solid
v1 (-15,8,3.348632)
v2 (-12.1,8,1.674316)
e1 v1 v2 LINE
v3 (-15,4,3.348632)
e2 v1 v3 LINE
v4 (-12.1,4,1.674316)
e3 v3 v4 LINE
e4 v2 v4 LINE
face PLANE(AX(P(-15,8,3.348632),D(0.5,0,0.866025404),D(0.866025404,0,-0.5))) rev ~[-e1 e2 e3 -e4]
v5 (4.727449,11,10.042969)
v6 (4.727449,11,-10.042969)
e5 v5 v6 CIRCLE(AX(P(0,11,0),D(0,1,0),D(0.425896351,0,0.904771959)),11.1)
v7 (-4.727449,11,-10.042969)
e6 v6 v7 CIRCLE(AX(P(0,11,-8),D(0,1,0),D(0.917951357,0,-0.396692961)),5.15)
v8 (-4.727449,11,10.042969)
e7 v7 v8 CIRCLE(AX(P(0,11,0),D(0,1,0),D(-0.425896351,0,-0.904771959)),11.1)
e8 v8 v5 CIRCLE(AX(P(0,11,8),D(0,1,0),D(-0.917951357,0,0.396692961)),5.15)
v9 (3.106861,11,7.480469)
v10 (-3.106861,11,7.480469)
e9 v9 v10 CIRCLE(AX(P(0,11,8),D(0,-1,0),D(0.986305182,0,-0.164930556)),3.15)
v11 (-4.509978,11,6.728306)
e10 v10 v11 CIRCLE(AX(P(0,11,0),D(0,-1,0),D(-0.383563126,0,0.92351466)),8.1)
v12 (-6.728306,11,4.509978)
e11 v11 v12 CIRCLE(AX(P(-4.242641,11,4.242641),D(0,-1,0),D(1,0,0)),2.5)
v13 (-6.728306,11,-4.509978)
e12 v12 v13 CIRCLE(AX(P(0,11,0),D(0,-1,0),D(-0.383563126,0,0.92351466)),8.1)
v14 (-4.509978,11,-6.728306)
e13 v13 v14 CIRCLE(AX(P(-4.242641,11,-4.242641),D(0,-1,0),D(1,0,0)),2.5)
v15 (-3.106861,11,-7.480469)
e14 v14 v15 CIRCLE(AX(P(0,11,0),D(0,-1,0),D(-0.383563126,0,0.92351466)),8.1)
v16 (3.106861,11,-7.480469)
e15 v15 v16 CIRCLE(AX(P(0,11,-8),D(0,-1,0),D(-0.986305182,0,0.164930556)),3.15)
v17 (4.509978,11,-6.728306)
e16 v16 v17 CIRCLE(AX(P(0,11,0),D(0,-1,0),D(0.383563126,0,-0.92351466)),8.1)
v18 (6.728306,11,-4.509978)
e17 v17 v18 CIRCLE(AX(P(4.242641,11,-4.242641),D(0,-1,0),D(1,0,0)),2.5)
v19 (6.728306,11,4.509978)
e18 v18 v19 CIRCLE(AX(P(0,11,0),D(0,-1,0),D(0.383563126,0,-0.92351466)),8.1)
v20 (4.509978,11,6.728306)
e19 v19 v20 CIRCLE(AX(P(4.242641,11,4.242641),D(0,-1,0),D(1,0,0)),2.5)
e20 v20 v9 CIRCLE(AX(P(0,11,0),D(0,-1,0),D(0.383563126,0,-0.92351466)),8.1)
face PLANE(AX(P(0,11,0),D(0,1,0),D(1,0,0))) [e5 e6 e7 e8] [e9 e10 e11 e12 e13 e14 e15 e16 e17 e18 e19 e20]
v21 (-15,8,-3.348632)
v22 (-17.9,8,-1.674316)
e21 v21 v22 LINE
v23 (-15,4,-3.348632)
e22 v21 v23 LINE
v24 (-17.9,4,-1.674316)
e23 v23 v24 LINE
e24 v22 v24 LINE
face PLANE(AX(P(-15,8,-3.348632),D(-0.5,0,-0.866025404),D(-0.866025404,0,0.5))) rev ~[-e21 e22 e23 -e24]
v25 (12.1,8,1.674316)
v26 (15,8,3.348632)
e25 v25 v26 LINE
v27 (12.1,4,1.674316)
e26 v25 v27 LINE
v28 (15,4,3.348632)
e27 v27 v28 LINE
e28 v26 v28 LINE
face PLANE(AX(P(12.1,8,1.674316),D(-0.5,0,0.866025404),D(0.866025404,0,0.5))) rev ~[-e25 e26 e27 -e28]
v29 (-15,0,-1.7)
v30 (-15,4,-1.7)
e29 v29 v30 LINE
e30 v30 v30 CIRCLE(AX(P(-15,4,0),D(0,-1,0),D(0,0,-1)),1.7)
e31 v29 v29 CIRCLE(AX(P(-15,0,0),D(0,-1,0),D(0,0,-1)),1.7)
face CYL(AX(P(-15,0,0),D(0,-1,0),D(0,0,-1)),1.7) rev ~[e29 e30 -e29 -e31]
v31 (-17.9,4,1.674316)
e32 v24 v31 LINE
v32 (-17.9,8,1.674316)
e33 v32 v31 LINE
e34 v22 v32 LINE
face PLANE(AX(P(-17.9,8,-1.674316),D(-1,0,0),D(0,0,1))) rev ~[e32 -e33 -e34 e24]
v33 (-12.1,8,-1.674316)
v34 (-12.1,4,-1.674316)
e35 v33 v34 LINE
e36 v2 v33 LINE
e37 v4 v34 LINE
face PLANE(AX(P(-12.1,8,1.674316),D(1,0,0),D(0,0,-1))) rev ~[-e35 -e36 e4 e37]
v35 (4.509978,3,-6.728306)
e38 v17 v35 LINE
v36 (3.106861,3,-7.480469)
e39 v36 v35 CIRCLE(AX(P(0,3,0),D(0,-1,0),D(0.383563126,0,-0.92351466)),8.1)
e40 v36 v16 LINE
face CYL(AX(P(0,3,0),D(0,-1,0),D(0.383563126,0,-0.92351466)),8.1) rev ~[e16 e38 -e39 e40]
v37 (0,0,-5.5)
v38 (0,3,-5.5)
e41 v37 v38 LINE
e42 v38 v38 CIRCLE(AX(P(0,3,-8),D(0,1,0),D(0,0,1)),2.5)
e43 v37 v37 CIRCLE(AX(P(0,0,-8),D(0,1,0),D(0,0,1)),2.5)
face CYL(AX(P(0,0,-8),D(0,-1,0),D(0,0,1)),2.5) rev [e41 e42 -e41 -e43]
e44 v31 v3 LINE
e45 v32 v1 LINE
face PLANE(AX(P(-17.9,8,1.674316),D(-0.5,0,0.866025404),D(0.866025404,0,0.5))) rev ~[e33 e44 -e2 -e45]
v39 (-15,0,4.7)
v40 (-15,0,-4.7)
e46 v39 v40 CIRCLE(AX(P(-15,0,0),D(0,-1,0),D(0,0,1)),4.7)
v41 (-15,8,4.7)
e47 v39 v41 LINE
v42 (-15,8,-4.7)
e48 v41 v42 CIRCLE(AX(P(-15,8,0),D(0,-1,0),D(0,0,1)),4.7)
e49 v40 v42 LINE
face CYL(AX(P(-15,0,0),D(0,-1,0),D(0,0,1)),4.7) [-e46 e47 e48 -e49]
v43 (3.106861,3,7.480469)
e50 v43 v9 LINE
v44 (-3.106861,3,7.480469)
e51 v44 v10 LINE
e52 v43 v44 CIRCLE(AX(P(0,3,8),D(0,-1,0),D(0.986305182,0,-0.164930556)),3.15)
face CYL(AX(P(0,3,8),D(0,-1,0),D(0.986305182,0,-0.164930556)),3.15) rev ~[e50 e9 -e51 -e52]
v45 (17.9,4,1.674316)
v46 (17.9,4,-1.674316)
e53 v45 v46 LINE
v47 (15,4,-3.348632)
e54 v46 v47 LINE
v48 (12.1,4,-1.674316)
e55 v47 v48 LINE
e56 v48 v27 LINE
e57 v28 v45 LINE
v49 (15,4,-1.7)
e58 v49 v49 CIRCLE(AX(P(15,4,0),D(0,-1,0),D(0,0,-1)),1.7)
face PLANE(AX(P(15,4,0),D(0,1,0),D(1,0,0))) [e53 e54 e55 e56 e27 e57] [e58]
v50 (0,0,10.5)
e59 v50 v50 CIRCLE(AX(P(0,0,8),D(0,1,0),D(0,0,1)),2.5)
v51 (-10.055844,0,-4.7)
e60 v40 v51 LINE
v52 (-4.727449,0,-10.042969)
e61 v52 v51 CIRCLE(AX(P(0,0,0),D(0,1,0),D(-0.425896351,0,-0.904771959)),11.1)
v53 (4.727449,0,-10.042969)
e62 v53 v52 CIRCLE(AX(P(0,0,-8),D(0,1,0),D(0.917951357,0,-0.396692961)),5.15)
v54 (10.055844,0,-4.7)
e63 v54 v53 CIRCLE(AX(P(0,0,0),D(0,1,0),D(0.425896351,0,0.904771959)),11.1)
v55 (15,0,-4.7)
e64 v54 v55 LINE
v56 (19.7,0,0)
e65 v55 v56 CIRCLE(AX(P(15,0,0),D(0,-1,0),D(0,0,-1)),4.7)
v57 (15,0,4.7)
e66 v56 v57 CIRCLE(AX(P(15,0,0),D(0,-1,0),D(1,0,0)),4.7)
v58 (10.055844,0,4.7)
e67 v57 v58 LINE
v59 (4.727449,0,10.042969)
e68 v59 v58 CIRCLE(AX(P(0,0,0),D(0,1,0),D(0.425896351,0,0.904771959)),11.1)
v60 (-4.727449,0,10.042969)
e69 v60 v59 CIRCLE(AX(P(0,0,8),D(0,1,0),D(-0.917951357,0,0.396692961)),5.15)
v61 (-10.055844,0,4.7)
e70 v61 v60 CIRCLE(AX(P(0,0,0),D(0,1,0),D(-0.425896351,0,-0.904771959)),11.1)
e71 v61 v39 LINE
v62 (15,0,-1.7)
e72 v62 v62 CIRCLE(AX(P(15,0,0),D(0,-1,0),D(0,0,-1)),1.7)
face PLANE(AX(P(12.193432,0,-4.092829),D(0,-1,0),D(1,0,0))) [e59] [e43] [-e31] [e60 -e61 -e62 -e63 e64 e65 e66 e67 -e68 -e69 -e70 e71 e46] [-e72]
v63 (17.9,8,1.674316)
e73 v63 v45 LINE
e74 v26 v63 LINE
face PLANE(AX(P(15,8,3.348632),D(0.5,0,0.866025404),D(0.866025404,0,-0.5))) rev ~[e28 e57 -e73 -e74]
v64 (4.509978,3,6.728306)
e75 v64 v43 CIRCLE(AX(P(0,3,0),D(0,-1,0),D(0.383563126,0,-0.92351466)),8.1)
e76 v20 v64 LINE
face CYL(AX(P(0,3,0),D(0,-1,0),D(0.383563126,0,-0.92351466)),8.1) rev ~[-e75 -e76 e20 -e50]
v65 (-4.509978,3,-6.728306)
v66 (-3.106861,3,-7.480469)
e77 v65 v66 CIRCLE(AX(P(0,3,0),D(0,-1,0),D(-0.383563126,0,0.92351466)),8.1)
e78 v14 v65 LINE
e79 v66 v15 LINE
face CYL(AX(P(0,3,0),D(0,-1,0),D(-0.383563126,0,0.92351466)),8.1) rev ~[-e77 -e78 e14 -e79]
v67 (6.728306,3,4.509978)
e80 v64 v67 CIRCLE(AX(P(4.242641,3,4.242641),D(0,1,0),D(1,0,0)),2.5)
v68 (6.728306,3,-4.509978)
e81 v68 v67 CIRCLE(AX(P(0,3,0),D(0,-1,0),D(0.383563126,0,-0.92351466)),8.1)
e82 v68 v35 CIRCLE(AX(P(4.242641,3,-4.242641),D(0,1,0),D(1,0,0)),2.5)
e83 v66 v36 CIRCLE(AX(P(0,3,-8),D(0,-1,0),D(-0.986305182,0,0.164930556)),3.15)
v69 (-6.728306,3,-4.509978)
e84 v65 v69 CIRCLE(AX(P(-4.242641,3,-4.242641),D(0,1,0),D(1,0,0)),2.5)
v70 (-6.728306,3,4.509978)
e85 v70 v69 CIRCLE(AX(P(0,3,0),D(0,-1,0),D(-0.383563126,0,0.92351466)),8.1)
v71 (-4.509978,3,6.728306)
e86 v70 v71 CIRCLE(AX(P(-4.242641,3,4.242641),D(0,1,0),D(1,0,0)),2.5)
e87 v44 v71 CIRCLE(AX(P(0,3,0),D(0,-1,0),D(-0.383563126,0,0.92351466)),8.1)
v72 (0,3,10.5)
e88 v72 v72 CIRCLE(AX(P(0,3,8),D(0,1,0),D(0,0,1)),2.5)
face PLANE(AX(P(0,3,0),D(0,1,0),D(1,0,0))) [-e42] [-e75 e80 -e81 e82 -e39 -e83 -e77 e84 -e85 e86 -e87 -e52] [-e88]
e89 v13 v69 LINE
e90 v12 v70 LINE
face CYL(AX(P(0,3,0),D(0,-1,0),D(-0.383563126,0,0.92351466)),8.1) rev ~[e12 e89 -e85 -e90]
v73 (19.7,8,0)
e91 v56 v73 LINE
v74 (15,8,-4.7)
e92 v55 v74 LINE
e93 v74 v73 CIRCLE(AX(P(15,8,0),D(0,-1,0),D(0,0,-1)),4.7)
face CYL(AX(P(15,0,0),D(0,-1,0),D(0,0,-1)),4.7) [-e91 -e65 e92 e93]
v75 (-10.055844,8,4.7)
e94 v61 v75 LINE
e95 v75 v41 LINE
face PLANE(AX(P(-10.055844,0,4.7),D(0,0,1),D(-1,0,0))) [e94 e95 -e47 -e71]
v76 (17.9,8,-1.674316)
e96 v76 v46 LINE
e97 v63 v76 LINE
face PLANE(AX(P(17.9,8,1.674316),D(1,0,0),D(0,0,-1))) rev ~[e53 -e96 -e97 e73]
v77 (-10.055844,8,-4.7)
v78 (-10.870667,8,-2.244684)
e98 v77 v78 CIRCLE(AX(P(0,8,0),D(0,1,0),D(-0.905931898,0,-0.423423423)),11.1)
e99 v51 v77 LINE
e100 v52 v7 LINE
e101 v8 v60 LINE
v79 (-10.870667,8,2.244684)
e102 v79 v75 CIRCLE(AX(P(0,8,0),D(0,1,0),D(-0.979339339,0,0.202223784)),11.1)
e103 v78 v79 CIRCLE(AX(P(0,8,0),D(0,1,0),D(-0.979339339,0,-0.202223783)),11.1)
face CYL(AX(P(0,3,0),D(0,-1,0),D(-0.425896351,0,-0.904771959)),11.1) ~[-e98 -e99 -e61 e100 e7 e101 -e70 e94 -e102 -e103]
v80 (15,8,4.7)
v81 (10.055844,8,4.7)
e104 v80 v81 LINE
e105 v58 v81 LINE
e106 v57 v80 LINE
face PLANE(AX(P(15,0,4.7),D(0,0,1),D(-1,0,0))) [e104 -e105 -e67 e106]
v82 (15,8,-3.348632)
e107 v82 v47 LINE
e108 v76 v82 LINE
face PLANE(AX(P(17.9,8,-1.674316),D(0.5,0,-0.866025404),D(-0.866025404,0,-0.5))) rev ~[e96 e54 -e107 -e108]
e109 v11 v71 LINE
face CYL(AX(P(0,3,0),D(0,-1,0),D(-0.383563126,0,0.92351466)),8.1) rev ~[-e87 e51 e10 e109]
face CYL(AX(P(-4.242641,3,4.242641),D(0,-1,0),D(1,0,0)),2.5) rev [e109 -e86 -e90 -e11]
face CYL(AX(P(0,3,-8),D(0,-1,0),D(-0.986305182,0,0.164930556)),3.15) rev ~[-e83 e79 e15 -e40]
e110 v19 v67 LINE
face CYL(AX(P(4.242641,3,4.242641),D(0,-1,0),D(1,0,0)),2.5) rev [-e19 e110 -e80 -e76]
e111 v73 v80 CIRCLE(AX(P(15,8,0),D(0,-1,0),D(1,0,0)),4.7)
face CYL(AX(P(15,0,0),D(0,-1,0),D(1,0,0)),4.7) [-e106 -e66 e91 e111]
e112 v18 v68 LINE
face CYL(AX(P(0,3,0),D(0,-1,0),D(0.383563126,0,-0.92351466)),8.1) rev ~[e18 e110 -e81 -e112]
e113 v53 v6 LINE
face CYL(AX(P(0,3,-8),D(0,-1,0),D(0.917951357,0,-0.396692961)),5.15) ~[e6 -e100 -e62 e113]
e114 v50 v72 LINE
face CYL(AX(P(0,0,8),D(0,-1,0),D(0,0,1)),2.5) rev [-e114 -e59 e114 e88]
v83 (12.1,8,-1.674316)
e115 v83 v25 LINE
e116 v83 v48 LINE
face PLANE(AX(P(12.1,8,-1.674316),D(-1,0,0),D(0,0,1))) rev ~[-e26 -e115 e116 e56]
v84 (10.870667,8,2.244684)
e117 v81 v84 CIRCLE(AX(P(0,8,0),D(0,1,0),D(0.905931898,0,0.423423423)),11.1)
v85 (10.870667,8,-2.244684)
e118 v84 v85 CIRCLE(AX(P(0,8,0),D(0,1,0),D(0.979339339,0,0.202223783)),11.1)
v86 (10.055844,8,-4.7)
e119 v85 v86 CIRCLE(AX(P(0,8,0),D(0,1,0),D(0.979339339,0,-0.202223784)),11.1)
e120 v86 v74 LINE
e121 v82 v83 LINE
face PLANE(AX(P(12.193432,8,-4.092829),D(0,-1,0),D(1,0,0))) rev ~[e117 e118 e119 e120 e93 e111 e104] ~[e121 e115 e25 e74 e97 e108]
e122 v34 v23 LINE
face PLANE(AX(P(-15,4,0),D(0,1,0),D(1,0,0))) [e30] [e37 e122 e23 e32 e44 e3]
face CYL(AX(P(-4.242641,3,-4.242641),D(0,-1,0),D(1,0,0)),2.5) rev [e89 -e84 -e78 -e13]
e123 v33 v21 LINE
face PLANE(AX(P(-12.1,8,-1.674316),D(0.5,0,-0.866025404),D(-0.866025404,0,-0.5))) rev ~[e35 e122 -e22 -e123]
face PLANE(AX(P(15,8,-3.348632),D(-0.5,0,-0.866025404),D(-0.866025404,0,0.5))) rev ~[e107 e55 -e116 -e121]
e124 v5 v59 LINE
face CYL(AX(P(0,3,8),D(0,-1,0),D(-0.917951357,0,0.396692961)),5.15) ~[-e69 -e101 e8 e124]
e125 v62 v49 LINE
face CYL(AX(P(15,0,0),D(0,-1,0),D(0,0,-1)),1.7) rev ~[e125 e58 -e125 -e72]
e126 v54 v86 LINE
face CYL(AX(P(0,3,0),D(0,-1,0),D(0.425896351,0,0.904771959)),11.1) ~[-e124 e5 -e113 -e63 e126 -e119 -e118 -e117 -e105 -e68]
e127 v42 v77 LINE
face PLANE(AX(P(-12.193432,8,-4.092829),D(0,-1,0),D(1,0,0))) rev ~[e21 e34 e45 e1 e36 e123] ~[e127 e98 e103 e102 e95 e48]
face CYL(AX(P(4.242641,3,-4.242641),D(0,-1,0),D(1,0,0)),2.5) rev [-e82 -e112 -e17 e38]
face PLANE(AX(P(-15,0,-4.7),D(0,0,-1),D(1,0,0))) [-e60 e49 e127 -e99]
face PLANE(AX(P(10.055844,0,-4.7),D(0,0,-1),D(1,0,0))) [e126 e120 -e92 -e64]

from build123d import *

# Parameters (mm, degrees)
SKETCH1_R           = 2.5
BOSS_EXTRUDE1_DEPTH = 3
BOSS_EXTRUDE2_DEPTH = 8
SKETCH4_R           = 1.7
BOSS_EXTRUDE3_DEPTH = 8
CUT_EXTRUDE1_DEPTH  = 4
SKETCH7_R           = 2.5
CUT_EXTRUDE2_DEPTH  = 10


with BuildPart() as part:
    # Sketch1 → Boss-Extrude1 (new body)
    with BuildSketch(Plane(origin=(0, 0, 0), x_dir=(1, 0, 0), z_dir=(0, 1, 0))):
        with BuildLine():
            ThreePointArc((4.727449491, 10.04296875), (0, 13.15), (-4.727449491, 10.04296875))
            ThreePointArc((-4.727449491, 10.04296875), (-11.1, 0), (-4.727449491, -10.04296875))
            ThreePointArc((-4.727449491, -10.04296875), (0, -13.15), (4.727449491, -10.04296875))
            ThreePointArc((4.727449491, -10.04296875), (11.1, 0), (4.727449491, 10.04296875))
        make_face()
        with Locations(Location((0, -8, 0), (0, 0, 270))):
            Circle(SKETCH1_R, mode=Mode.SUBTRACT)
        with Locations(Location((0, 8, 0), (0, 0, 270))):
            Circle(SKETCH1_R, mode=Mode.SUBTRACT)
    extrude(amount=BOSS_EXTRUDE1_DEPTH)

    # Sketch3 → Boss-Extrude2 (add)
    with BuildSketch(Plane(origin=(0, 3, 0), x_dir=(1, 0, 0), z_dir=(0, 1, 0))):
        with BuildLine():
            ThreePointArc((4.727449491, -10.04296875), (11.1, 0), (4.727449491, 10.04296875))
            ThreePointArc((4.727449491, 10.04296875), (0, 13.15), (-4.727449491, 10.04296875))
            ThreePointArc((-4.727449491, 10.04296875), (-11.1, 0), (-4.727449491, -10.04296875))
            ThreePointArc((-4.727449491, -10.04296875), (0, -13.15), (4.727449491, -10.04296875))
        make_face()
        with BuildLine():
            ThreePointArc((3.106861323, 7.48046875), (8.1, 0), (3.106861323, -7.48046875))
            ThreePointArc((3.106861323, -7.48046875), (0, -11.15), (-3.106861323, -7.48046875))
            ThreePointArc((-3.106861323, -7.48046875), (-8.1, 0), (-3.106861323, 7.48046875))
            ThreePointArc((-3.106861323, 7.48046875), (0, 11.15), (3.106861323, 7.48046875))
        make_face(mode=Mode.SUBTRACT)
    extrude(amount=BOSS_EXTRUDE2_DEPTH)

    # Sketch4 → Boss-Extrude3 (add)
    # profile 1 of 8: a face of its own
    with BuildSketch(Plane.XZ):
        with BuildLine():
            Line((10.055844072, -4.7), (15, -4.7))
            ThreePointArc((15, -4.7), (12.597919106, -4.039802889), (10.870666667, -2.244683992))
            ThreePointArc((10.870666667, -2.244683992), (10.53503, -3.496161166), (10.055844072, -4.7))
        make_face()
    # profile 2 of 8: a face of its own
    with BuildSketch(Plane.XZ):
        with BuildLine():
            ThreePointArc((10.870666667, 2.244683992), (12.597919106, 4.039802889), (15, 4.7))
            Line((15, 4.7), (10.055844072, 4.7))
            ThreePointArc((10.055844072, 4.7), (10.53503, 3.496161166), (10.870666667, 2.244683992))
        make_face()
    # profile 3 of 8: a face of its own
    with BuildSketch(Plane.XZ):
        with BuildLine():
            ThreePointArc((10.870666667, -2.244683992), (12.597919106, -4.039802889), (15, -4.7))
            ThreePointArc((15, -4.7), (18.323401872, -3.323401872), (19.7, 0))
            ThreePointArc((19.7, 0), (18.323401872, 3.323401872), (15, 4.7))
            ThreePointArc((15, 4.7), (12.597919106, 4.039802889), (10.870666667, 2.244683992))
            ThreePointArc((10.870666667, 2.244683992), (11.1, 0), (10.870666667, -2.244683992))
        make_face()
        with Locations(Location((15, 0, 0), (0, 0, 270))):
            Circle(SKETCH4_R, mode=Mode.SUBTRACT)
    # profile 4 of 8: a face of its own
    with BuildSketch(Plane.XZ):
        with BuildLine():
            ThreePointArc((-10.870666667, 2.244683992), (-12.597919106, 4.039802889), (-15, 4.7))
            ThreePointArc((-15, 4.7), (-19.7, 0), (-15, -4.7))
            ThreePointArc((-15, -4.7), (-12.597919106, -4.039802889), (-10.870666667, -2.244683992))
            ThreePointArc((-10.870666667, -2.244683992), (-11.1, 0), (-10.870666667, 2.244683992))
        make_face()
        with Locations(Location((-15, 0, 0), (0, 0, 270))):
            Circle(SKETCH4_R, mode=Mode.SUBTRACT)
    # profile 5 of 8: a face of its own
    with BuildSketch(Plane.XZ):
        with BuildLine():
            ThreePointArc((-10.870666667, -2.244683992), (-12.597919106, -4.039802889), (-15, -4.7))
            Line((-15, -4.7), (-10.055844072, -4.7))
            ThreePointArc((-10.055844072, -4.7), (-10.53503, -3.496161166), (-10.870666667, -2.244683992))
        make_face()
    # profile 6 of 8: a face of its own
    with BuildSketch(Plane.XZ):
        with BuildLine():
            Line((-10.055844072, 4.7), (-15, 4.7))
            ThreePointArc((-15, 4.7), (-12.597919106, 4.039802889), (-10.870666667, 2.244683992))
            ThreePointArc((-10.870666667, 2.244683992), (-10.53503, 3.496161166), (-10.055844072, 4.7))
        make_face()
    # profile 7 of 8: a face of its own
    with BuildSketch(Plane.XZ):
        with BuildLine():
            ThreePointArc((-10.3, 0), (-10.444900294, 1.158044328), (-10.870666667, 2.244683992))
            ThreePointArc((-10.870666667, 2.244683992), (-11.1, 0), (-10.870666667, -2.244683992))
            ThreePointArc((-10.870666667, -2.244683992), (-10.444900294, -1.158044328), (-10.3, 0))
        make_face()
    # profile 8 of 8: a face of its own
    with BuildSketch(Plane.XZ):
        with BuildLine():
            ThreePointArc((10.870666667, 2.244683992), (10.3, 0), (10.870666667, -2.244683992))
            ThreePointArc((10.870666667, -2.244683992), (11.1, 0), (10.870666667, 2.244683992))
        make_face()
    extrude(amount=-BOSS_EXTRUDE3_DEPTH)

    # Sketch5 → Cut-Extrude1 (cut)
    with BuildSketch(Plane(origin=(0, 8, 0), x_dir=(1, 0, 0), z_dir=(0, 1, 0))):
        Polygon((-15, -3.348631561), (-12.1, -1.674315781), (-12.1, 1.674315781), (-15, 3.348631561), (-17.9, 1.674315781), (-17.9, -1.674315781), align=None)
        Polygon((15, -3.348631561), (17.9, -1.674315781), (17.9, 1.674315781), (15, 3.348631561), (12.1, 1.674315781), (12.1, -1.674315781), align=None)
    extrude(amount=-CUT_EXTRUDE1_DEPTH, mode=Mode.SUBTRACT)

    # Sketch7 → Cut-Extrude2 (cut)
    with BuildSketch(Plane(origin=(0, 3, 0), x_dir=(1, 0, 0), z_dir=(0, 1, 0))):
        with Locations((4.242640687, 4.242640687)):
            Circle(SKETCH7_R)
        with Locations((4.242640687, -4.242640687)):
            Circle(SKETCH7_R)
        with Locations((-4.242640687, -4.242640687)):
            Circle(SKETCH7_R)
        with Locations((-4.242640687, 4.242640687)):
            Circle(SKETCH7_R)
    extrude(amount=CUT_EXTRUDE2_DEPTH, mode=Mode.SUBTRACT)


solid = part.part
